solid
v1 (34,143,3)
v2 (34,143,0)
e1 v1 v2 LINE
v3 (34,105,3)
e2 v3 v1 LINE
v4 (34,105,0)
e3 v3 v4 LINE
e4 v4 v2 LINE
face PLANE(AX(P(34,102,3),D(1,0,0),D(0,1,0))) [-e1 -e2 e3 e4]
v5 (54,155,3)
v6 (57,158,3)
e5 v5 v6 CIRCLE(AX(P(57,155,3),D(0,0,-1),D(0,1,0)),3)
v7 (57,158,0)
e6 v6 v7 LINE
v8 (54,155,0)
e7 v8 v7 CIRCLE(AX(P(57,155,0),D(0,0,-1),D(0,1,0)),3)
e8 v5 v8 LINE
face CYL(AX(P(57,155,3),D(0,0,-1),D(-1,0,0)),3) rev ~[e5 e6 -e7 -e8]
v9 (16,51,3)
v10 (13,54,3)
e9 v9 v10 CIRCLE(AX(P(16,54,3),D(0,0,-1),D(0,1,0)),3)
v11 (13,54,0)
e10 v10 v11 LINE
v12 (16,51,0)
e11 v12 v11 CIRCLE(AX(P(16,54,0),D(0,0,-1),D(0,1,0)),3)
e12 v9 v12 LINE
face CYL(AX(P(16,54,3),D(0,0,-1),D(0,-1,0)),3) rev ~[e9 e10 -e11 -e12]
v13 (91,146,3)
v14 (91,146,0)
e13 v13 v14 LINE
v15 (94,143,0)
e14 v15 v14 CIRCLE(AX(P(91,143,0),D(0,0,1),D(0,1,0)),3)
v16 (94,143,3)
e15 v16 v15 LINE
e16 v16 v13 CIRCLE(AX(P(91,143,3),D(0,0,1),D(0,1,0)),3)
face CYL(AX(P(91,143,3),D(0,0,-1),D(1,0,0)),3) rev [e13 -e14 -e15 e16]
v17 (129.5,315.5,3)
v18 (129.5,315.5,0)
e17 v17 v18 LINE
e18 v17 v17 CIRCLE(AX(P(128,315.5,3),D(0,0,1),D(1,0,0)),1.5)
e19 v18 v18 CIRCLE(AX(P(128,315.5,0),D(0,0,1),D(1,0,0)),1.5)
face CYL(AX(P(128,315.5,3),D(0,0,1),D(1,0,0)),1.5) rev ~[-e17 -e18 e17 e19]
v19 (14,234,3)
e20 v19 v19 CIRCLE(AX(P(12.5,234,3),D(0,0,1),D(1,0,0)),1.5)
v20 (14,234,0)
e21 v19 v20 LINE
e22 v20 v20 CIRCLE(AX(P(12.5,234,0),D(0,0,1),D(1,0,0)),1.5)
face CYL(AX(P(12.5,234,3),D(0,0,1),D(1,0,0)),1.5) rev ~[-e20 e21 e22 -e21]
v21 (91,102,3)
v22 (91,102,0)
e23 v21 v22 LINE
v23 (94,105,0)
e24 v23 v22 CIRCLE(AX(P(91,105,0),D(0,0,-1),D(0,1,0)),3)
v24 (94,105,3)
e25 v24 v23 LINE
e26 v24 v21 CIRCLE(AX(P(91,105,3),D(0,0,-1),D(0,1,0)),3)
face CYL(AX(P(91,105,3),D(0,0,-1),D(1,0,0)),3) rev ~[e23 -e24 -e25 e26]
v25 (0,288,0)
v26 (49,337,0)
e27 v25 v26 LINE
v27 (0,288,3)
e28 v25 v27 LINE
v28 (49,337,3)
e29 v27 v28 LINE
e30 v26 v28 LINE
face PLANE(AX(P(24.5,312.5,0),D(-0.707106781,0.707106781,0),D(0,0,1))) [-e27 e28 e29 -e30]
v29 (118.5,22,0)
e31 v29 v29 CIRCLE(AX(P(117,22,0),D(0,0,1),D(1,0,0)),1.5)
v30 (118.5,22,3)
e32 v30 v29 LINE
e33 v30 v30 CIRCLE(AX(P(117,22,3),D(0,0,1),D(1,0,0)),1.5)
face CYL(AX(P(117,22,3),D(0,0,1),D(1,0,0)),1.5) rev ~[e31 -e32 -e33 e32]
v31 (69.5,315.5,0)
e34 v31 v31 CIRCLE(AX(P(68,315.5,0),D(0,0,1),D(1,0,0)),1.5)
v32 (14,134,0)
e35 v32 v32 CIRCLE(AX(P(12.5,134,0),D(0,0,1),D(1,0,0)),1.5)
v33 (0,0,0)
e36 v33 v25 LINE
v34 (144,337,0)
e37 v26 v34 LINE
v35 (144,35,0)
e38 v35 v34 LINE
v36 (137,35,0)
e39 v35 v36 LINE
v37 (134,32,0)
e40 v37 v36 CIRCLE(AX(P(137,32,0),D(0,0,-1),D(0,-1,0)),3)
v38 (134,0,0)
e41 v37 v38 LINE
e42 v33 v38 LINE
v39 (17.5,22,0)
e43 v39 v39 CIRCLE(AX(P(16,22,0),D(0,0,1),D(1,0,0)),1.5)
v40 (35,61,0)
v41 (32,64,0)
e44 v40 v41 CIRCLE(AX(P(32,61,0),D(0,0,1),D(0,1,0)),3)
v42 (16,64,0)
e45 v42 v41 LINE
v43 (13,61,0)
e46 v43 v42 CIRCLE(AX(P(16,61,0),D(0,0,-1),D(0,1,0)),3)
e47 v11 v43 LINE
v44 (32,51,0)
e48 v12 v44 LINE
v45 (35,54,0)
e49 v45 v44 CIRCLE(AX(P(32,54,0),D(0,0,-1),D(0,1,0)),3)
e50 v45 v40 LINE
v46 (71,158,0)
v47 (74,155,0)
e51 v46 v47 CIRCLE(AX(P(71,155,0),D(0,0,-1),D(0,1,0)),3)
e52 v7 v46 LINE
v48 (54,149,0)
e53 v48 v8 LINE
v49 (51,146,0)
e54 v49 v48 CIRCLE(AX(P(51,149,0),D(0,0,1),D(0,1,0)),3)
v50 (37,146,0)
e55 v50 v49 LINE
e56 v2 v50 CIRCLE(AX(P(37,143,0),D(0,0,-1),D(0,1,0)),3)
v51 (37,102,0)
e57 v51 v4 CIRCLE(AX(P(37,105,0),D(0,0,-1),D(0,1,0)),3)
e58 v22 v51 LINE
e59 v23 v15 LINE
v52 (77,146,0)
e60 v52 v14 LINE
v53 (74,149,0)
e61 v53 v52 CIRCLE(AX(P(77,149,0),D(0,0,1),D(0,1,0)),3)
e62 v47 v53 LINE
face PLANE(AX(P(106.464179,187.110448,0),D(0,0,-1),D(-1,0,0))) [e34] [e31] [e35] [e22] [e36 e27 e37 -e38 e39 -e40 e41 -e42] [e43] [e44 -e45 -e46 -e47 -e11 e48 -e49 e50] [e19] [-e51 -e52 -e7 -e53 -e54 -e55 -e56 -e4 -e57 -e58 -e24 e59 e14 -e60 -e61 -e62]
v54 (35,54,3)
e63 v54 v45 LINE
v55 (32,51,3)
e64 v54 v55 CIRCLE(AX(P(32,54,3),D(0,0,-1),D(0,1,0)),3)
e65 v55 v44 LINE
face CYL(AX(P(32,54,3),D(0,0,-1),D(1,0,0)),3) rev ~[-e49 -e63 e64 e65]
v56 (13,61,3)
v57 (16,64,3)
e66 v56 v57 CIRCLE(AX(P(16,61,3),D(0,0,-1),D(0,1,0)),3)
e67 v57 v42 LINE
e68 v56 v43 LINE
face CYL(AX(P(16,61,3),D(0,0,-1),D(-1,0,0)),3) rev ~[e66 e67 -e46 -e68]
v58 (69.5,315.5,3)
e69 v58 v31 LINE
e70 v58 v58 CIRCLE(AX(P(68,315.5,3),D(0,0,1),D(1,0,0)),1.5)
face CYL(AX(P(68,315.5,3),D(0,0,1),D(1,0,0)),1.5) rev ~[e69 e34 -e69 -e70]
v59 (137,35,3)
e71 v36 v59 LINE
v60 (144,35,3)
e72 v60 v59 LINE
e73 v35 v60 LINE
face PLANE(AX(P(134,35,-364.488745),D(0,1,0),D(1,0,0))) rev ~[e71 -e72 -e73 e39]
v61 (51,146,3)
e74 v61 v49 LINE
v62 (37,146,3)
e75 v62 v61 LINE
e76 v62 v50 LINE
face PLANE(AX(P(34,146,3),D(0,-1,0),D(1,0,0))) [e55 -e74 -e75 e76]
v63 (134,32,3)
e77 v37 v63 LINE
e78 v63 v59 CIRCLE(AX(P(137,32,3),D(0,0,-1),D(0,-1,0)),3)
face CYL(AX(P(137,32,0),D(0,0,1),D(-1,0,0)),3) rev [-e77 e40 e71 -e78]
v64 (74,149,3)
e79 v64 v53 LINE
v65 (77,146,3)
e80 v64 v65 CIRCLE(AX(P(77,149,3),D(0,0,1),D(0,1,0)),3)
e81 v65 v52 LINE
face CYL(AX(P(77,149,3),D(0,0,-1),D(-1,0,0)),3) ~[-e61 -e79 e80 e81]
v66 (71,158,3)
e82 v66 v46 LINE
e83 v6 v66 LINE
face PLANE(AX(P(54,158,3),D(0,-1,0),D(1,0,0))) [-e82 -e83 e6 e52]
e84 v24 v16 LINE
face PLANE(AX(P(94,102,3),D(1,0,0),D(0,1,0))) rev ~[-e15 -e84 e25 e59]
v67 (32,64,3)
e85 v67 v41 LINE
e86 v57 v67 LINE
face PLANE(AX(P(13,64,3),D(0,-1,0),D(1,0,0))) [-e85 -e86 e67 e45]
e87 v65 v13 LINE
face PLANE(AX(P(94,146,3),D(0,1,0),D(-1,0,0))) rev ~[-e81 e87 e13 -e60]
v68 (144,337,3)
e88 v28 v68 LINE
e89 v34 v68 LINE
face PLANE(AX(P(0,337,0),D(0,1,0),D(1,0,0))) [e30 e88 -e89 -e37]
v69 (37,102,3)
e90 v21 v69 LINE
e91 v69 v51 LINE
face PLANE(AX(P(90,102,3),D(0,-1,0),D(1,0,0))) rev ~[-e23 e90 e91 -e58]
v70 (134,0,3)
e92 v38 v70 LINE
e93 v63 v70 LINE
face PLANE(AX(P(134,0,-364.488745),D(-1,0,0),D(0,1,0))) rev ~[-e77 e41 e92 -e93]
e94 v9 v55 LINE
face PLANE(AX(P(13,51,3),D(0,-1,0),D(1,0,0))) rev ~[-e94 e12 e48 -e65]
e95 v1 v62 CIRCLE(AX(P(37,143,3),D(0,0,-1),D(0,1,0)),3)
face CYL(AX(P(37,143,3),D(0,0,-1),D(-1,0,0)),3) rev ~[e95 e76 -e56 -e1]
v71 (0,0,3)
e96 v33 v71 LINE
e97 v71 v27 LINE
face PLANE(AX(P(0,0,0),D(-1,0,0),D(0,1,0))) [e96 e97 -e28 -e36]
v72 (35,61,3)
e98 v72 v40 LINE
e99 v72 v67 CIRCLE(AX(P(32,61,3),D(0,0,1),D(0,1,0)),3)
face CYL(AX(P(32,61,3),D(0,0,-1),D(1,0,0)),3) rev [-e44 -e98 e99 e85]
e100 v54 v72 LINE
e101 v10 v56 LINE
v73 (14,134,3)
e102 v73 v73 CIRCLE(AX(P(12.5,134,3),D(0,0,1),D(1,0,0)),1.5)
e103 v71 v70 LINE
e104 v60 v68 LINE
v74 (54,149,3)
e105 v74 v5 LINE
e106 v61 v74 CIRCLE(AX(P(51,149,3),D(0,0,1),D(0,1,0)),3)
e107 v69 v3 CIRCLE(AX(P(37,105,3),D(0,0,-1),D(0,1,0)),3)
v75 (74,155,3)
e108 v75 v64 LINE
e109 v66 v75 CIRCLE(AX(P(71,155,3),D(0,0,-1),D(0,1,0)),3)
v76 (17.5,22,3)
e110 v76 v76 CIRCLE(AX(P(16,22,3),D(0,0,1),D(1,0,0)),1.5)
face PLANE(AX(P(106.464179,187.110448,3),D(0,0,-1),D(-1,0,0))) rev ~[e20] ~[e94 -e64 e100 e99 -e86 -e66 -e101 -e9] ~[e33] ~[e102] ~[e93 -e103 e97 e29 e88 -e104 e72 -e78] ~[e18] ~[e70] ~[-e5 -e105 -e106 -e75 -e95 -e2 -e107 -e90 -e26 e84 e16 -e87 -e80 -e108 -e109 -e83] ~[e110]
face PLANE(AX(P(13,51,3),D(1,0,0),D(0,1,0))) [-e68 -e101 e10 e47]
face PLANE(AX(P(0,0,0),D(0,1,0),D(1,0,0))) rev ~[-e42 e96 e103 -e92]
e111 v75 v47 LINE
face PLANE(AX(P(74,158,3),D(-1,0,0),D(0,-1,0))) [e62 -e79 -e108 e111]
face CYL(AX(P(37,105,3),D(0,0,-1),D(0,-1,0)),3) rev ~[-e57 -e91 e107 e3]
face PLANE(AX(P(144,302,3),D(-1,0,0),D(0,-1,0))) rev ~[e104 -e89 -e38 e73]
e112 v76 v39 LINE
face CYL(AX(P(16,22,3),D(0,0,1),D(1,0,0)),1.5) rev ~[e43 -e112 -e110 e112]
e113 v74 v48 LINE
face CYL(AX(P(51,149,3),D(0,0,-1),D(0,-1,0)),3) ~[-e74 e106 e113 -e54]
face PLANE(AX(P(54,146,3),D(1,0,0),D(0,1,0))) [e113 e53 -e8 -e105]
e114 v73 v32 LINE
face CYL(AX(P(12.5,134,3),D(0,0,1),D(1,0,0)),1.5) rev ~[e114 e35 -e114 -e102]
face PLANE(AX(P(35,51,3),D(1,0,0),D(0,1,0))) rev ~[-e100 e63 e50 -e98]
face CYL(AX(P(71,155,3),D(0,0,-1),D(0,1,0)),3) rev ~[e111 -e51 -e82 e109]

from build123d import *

# Parameters (mm, degrees)
ESQUISSE1_W                  = 144
ESQUISSE1_H                  = 337
BOSS_EXTRU_1_DEPTH           = 3
ESQUISSE2_R                  = 1.5
ENL_V_MAT_EXTRU_1_DEPTH      = 367.488744711
CHANFREIN1_SIZE              = 49
ENL_V_MAT_EXTRU_2_DEPTH      = 367.488744711
ENL_V_MAT_EXTRU_2_DEPTH_BACK = 367.488744711
ESQUISSE3_W                  = 10
ESQUISSE3_H                  = 35
ESQUISSE4_W                  = 22
ESQUISSE4_H                  = 13
ENL_V_MAT_EXTRU_3_DEPTH      = 367.488744711
ENL_V_MAT_EXTRU_4_DEPTH      = 367.488744711
ENL_V_MAT_EXTRU_7_DEPTH      = 367.488744711
BOSS_EXTRU_3_DEPTH           = 3
CONG_4_R                     = 3


with BuildPart() as part:
    # Esquisse1 → Boss.-Extru.1 (new body)
    with BuildSketch(Plane.XY):
        with Locations((72, 168.5)):
            Rectangle(ESQUISSE1_W, ESQUISSE1_H)
    extrude(amount=BOSS_EXTRU_1_DEPTH)

    # Esquisse2 → Enlèv. mat.-Extru.1 (cut, through all)
    with BuildSketch(Plane.XY.offset(3)):
        with Locations((16, 22)):
            Circle(ESQUISSE2_R)
        with Locations((12.5, 234)):
            Circle(ESQUISSE2_R)
        with Locations((12.5, 134)):
            Circle(ESQUISSE2_R)
        with Locations((68, 315.5)):
            Circle(ESQUISSE2_R)
        with Locations((128, 315.5)):
            Circle(ESQUISSE2_R)
        with Locations((117, 22)):
            Circle(ESQUISSE2_R)
    extrude(amount=-ENL_V_MAT_EXTRU_1_DEPTH, mode=Mode.SUBTRACT)

    # Chanfrein1
    chanfrein1_edges = [part.edges().sort_by_distance(p)[0] for p in [
        (0, 337, 1.5),
    ]]
    chamfer(chanfrein1_edges, length=CHANFREIN1_SIZE)

    # Esquisse3 → Enlèv. mat.-Extru.2 (cut, two sides: drawn at the far end of the back side and taken through both)
    with BuildSketch(Plane.XY.offset(3).offset(-ENL_V_MAT_EXTRU_2_DEPTH_BACK)):
        with Locations((139, 17.5)):
            Rectangle(ESQUISSE3_W, ESQUISSE3_H)
    extrude(amount=ENL_V_MAT_EXTRU_2_DEPTH + ENL_V_MAT_EXTRU_2_DEPTH_BACK, mode=Mode.SUBTRACT)

    # Esquisse4 → Enlèv. mat.-Extru.3 (cut, through all)
    with BuildSketch(Plane.XY.offset(3)):
        with Locations((24, 57.5)):
            Rectangle(ESQUISSE4_W, ESQUISSE4_H)
    extrude(amount=-ENL_V_MAT_EXTRU_3_DEPTH, mode=Mode.SUBTRACT)

    # Esquisse5 → Enlèv. mat.-Extru.4 (cut, through all)
    with BuildSketch(Plane.XY.offset(3)):
        with BuildLine():
            Line((144, 60), (90, 60))
            Line((90, 60), (90, 190))
            ThreePointArc((90, 190), (68.473980144, 267.875312279), (144, 296.576429297))
            Line((144, 296.576429297), (144, 60))
        make_face()
    extrude(amount=-ENL_V_MAT_EXTRU_4_DEPTH, mode=Mode.SUBTRACT)

    # Esquisse9 → Enlèv. mat.-Extru.7 (cut, through all)
    with BuildSketch(Plane.XY.offset(3)):
        Polygon((94, 102), (34, 102), (34, 146), (54, 146), (54, 158), (74, 158), (74, 146), (94, 146), align=None)
    extrude(amount=-ENL_V_MAT_EXTRU_7_DEPTH, mode=Mode.SUBTRACT)

    # Esquisse10 → Boss.-Extru.3 (add)
    with BuildSketch(Plane.XY.offset(3)):
        Polygon((144, 60), (90, 60), (90, 102), (94, 102), (94, 146), (90, 146), (90, 190), (55, 190), (55, 302), (144, 302), align=None)
    extrude(amount=-BOSS_EXTRU_3_DEPTH)

    # Congé4
    cong_4_edges = [part.edges().sort_by_distance(p)[0] for p in [
        (74, 146, 1.5),
        (34, 102, 1.5),
        (34, 146, 1.5),
        (54, 146, 1.5),
        (54, 158, 1.5),
        (74, 158, 1.5),
        (94, 102, 1.5),
        (94, 146, 1.5),
        (134, 35, 1.5),
        (13, 51, 1.5),
        (13, 64, 1.5),
        (35, 64, 1.5),
        (35, 51, 1.5),
    ]]
    fillet(cong_4_edges, radius=CONG_4_R)


solid = part.part
